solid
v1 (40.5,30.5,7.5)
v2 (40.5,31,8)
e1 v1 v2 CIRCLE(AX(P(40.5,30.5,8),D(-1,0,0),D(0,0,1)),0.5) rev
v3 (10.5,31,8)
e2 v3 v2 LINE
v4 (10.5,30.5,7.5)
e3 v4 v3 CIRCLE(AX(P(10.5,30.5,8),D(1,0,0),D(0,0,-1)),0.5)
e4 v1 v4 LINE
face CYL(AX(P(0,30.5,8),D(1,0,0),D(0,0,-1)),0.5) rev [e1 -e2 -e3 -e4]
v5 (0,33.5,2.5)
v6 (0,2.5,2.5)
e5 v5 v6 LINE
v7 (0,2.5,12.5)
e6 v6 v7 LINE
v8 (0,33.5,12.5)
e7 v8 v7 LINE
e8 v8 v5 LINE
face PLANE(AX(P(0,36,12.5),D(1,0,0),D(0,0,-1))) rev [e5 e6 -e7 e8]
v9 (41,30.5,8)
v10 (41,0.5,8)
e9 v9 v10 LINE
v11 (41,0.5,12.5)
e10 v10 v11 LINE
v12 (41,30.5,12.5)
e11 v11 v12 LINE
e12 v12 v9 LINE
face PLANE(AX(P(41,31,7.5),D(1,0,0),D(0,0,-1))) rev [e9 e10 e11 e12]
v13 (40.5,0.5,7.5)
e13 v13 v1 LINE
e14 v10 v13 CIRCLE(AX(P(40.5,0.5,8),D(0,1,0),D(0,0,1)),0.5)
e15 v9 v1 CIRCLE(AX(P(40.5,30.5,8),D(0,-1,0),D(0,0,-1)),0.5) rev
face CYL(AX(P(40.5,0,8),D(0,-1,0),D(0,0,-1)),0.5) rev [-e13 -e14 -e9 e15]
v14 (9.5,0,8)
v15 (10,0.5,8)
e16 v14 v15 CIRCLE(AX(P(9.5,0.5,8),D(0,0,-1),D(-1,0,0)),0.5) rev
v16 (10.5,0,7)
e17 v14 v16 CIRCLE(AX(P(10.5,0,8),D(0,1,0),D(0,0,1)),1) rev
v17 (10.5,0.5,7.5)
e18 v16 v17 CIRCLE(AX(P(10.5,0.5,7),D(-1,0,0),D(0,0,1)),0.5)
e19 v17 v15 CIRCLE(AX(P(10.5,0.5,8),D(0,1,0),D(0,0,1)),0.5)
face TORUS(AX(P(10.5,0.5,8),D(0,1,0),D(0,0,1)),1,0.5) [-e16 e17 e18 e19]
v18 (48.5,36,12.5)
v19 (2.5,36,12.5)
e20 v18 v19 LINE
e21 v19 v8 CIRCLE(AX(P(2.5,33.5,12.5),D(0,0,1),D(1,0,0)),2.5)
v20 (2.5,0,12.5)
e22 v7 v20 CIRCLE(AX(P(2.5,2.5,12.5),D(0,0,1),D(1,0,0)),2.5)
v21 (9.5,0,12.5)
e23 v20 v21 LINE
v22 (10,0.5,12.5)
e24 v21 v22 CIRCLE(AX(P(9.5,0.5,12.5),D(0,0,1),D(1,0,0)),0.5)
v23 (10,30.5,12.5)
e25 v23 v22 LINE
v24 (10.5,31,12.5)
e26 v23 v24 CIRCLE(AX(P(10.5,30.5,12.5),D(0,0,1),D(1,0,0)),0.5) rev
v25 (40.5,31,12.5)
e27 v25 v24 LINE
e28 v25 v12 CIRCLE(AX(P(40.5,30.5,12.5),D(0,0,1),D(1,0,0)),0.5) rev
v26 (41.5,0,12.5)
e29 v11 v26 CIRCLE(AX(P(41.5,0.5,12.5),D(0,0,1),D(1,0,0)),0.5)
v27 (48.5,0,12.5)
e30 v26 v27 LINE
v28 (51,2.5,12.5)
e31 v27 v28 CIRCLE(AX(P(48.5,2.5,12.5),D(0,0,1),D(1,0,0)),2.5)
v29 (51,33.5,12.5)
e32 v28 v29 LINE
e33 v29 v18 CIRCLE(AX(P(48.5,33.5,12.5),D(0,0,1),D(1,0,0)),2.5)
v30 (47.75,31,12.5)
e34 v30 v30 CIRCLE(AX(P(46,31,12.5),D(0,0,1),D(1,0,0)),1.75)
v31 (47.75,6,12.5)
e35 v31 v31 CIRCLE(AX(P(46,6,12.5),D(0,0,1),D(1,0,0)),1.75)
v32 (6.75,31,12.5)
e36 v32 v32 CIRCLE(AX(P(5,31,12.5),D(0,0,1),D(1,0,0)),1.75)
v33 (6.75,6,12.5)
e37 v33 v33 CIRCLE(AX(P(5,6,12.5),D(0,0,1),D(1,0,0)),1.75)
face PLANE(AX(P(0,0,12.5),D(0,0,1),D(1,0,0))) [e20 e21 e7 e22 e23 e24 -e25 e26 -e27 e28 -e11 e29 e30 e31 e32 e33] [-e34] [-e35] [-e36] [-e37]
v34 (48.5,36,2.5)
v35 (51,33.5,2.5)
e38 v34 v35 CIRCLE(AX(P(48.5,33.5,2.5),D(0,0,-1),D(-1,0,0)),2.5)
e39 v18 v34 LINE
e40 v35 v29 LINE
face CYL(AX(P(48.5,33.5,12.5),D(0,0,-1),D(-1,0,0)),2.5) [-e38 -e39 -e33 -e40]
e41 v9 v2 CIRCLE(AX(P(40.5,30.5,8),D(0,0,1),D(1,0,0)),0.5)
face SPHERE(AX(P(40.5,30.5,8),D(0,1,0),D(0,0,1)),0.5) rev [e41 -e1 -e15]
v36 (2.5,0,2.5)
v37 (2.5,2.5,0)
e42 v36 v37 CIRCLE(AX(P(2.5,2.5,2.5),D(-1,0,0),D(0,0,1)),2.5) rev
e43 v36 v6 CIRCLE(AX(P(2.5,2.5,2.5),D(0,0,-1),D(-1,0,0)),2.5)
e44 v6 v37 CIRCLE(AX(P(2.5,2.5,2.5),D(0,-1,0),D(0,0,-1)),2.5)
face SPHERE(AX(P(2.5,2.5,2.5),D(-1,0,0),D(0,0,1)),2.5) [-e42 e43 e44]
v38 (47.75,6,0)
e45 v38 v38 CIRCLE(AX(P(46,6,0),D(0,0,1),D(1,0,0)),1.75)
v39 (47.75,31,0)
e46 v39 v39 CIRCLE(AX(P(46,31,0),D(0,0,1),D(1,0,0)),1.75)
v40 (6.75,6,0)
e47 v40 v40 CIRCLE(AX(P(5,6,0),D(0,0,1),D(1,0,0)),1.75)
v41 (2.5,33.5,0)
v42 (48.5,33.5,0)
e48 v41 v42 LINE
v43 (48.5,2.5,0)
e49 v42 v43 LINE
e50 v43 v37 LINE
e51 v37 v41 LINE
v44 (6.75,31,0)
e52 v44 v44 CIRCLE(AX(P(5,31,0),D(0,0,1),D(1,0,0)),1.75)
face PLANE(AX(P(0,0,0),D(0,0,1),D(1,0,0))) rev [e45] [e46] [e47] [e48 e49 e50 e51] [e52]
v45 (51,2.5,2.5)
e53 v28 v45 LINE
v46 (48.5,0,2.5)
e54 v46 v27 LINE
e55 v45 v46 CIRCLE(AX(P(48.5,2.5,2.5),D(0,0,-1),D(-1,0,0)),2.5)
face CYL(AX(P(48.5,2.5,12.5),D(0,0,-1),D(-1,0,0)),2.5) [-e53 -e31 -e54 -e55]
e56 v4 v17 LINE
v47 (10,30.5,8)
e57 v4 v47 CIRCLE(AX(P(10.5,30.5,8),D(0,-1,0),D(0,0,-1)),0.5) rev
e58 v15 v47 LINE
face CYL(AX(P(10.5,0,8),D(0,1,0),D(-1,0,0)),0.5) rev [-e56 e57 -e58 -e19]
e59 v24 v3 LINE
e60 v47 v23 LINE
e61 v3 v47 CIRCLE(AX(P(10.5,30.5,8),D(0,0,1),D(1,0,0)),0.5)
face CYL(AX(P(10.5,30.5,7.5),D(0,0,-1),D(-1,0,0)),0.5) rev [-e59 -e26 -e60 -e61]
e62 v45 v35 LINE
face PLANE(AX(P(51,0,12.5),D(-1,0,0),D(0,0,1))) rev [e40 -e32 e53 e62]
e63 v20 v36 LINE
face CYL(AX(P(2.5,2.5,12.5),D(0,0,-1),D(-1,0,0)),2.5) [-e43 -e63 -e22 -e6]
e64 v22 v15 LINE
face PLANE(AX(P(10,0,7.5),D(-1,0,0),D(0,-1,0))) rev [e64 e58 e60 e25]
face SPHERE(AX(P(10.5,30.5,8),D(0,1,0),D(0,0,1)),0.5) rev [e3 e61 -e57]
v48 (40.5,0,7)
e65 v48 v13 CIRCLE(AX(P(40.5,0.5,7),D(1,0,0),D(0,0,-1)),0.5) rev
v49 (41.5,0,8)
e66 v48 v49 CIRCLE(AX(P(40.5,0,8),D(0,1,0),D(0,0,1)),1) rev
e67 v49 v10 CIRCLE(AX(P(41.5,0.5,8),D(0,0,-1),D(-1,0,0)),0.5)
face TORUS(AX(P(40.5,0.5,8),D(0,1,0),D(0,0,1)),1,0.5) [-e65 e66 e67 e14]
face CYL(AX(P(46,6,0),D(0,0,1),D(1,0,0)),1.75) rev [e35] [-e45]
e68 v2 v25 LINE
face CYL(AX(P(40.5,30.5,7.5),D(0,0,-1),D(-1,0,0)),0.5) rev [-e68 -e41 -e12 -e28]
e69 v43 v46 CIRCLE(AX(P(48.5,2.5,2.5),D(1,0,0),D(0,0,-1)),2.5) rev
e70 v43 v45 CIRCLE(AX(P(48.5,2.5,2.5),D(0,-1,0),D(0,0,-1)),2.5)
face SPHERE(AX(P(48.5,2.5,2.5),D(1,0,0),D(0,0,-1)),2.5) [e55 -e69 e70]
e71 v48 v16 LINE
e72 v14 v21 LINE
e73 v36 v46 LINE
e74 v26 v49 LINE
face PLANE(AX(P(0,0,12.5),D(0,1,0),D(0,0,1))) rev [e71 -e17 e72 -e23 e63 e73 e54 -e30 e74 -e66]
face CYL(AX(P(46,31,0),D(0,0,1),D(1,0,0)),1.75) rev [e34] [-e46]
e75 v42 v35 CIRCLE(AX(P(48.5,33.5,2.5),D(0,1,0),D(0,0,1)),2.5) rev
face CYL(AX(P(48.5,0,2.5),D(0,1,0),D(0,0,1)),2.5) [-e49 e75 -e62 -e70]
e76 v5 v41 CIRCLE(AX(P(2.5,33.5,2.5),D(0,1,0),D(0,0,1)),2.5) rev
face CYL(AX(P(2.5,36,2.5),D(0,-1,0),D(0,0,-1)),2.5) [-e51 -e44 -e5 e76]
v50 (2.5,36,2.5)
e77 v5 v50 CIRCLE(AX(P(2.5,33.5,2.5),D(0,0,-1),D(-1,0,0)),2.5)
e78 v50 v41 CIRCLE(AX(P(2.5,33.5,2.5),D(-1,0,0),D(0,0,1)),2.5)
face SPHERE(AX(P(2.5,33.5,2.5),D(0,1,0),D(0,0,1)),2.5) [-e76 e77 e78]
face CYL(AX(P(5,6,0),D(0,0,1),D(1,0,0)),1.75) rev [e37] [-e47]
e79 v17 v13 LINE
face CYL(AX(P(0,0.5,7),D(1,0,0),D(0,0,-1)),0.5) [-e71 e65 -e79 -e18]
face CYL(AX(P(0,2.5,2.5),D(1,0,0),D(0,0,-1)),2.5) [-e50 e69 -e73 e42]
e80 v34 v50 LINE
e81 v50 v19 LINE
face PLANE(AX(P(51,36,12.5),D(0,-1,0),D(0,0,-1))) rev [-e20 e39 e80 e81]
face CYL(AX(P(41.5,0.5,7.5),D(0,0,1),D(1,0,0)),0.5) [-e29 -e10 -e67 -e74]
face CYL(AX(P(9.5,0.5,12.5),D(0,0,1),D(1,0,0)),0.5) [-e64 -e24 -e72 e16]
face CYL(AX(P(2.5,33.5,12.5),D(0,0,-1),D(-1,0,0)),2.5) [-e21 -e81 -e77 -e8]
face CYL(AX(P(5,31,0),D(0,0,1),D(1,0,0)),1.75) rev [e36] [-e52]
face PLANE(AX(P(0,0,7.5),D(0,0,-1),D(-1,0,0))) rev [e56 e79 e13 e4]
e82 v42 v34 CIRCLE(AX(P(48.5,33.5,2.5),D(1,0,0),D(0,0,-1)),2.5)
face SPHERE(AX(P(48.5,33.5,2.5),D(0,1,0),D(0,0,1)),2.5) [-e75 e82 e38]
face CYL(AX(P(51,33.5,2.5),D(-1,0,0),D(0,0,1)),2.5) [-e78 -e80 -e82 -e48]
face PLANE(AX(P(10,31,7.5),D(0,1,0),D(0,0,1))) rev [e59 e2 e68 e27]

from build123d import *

# Parameters (mm, degrees)
SKETCH1_W           = 51
SKETCH1_H           = 36
BOSS_EXTRUDE1_DEPTH = 12.5
SKETCH2_W           = 31
SKETCH2_H           = 31
CUT_EXTRUDE1_DEPTH  = 5
SKETCH3_R           = 1.75
CUT_EXTRUDE2_DEPTH  = 64.665139598
FILLET1_R           = 0.5
FILLET2_R           = 2.5


with BuildPart() as part:
    # Sketch1 → Boss-Extrude1 (new body)
    with BuildSketch(Plane.XY):
        with Locations((25.5, 18)):
            Rectangle(SKETCH1_W, SKETCH1_H)
    extrude(amount=BOSS_EXTRUDE1_DEPTH)

    # Sketch2 → Cut-Extrude1 (cut)
    with BuildSketch(Plane.XY.offset(12.5)):
        with Locations((25.5, 15.5)):
            Rectangle(SKETCH2_W, SKETCH2_H)
    extrude(amount=-CUT_EXTRUDE1_DEPTH, mode=Mode.SUBTRACT)

    # Sketch3 → Cut-Extrude2 (cut, through all)
    with BuildSketch(Plane.XY.offset(12.5)):
        with Locations((5, 31)):
            Circle(SKETCH3_R)
        with Locations((5, 6)):
            Circle(SKETCH3_R)
        with Locations((46, 31)):
            Circle(SKETCH3_R)
        with Locations((46, 6)):
            Circle(SKETCH3_R)
    extrude(amount=-CUT_EXTRUDE2_DEPTH, mode=Mode.SUBTRACT)

    # Fillet1
    fillet1_edges = [part.edges().sort_by_distance(p)[0] for p in [
        (25.5, 0, 7.5),
        (41, 0, 10),
        (10, 15.5, 7.5),
        (10, 0, 10),
        (25.5, 31, 7.5),
        (10, 31, 10),
        (41, 15.5, 7.5),
        (41, 31, 10),
    ]]
    fillet(fillet1_edges, radius=FILLET1_R)

    # Fillet2
    fillet2_edges = [part.edges().sort_by_distance(p)[0] for p in [
        (25.5, 36, 0),
        (51, 18, 0),
        (25.5, 0, 0),
        (0, 18, 0),
        (0, 36, 6.25),
        (51, 36, 6.25),
        (51, 0, 6.25),
        (0, 0, 6.25),
    ]]
    fillet(fillet2_edges, radius=FILLET2_R)


solid = part.part
